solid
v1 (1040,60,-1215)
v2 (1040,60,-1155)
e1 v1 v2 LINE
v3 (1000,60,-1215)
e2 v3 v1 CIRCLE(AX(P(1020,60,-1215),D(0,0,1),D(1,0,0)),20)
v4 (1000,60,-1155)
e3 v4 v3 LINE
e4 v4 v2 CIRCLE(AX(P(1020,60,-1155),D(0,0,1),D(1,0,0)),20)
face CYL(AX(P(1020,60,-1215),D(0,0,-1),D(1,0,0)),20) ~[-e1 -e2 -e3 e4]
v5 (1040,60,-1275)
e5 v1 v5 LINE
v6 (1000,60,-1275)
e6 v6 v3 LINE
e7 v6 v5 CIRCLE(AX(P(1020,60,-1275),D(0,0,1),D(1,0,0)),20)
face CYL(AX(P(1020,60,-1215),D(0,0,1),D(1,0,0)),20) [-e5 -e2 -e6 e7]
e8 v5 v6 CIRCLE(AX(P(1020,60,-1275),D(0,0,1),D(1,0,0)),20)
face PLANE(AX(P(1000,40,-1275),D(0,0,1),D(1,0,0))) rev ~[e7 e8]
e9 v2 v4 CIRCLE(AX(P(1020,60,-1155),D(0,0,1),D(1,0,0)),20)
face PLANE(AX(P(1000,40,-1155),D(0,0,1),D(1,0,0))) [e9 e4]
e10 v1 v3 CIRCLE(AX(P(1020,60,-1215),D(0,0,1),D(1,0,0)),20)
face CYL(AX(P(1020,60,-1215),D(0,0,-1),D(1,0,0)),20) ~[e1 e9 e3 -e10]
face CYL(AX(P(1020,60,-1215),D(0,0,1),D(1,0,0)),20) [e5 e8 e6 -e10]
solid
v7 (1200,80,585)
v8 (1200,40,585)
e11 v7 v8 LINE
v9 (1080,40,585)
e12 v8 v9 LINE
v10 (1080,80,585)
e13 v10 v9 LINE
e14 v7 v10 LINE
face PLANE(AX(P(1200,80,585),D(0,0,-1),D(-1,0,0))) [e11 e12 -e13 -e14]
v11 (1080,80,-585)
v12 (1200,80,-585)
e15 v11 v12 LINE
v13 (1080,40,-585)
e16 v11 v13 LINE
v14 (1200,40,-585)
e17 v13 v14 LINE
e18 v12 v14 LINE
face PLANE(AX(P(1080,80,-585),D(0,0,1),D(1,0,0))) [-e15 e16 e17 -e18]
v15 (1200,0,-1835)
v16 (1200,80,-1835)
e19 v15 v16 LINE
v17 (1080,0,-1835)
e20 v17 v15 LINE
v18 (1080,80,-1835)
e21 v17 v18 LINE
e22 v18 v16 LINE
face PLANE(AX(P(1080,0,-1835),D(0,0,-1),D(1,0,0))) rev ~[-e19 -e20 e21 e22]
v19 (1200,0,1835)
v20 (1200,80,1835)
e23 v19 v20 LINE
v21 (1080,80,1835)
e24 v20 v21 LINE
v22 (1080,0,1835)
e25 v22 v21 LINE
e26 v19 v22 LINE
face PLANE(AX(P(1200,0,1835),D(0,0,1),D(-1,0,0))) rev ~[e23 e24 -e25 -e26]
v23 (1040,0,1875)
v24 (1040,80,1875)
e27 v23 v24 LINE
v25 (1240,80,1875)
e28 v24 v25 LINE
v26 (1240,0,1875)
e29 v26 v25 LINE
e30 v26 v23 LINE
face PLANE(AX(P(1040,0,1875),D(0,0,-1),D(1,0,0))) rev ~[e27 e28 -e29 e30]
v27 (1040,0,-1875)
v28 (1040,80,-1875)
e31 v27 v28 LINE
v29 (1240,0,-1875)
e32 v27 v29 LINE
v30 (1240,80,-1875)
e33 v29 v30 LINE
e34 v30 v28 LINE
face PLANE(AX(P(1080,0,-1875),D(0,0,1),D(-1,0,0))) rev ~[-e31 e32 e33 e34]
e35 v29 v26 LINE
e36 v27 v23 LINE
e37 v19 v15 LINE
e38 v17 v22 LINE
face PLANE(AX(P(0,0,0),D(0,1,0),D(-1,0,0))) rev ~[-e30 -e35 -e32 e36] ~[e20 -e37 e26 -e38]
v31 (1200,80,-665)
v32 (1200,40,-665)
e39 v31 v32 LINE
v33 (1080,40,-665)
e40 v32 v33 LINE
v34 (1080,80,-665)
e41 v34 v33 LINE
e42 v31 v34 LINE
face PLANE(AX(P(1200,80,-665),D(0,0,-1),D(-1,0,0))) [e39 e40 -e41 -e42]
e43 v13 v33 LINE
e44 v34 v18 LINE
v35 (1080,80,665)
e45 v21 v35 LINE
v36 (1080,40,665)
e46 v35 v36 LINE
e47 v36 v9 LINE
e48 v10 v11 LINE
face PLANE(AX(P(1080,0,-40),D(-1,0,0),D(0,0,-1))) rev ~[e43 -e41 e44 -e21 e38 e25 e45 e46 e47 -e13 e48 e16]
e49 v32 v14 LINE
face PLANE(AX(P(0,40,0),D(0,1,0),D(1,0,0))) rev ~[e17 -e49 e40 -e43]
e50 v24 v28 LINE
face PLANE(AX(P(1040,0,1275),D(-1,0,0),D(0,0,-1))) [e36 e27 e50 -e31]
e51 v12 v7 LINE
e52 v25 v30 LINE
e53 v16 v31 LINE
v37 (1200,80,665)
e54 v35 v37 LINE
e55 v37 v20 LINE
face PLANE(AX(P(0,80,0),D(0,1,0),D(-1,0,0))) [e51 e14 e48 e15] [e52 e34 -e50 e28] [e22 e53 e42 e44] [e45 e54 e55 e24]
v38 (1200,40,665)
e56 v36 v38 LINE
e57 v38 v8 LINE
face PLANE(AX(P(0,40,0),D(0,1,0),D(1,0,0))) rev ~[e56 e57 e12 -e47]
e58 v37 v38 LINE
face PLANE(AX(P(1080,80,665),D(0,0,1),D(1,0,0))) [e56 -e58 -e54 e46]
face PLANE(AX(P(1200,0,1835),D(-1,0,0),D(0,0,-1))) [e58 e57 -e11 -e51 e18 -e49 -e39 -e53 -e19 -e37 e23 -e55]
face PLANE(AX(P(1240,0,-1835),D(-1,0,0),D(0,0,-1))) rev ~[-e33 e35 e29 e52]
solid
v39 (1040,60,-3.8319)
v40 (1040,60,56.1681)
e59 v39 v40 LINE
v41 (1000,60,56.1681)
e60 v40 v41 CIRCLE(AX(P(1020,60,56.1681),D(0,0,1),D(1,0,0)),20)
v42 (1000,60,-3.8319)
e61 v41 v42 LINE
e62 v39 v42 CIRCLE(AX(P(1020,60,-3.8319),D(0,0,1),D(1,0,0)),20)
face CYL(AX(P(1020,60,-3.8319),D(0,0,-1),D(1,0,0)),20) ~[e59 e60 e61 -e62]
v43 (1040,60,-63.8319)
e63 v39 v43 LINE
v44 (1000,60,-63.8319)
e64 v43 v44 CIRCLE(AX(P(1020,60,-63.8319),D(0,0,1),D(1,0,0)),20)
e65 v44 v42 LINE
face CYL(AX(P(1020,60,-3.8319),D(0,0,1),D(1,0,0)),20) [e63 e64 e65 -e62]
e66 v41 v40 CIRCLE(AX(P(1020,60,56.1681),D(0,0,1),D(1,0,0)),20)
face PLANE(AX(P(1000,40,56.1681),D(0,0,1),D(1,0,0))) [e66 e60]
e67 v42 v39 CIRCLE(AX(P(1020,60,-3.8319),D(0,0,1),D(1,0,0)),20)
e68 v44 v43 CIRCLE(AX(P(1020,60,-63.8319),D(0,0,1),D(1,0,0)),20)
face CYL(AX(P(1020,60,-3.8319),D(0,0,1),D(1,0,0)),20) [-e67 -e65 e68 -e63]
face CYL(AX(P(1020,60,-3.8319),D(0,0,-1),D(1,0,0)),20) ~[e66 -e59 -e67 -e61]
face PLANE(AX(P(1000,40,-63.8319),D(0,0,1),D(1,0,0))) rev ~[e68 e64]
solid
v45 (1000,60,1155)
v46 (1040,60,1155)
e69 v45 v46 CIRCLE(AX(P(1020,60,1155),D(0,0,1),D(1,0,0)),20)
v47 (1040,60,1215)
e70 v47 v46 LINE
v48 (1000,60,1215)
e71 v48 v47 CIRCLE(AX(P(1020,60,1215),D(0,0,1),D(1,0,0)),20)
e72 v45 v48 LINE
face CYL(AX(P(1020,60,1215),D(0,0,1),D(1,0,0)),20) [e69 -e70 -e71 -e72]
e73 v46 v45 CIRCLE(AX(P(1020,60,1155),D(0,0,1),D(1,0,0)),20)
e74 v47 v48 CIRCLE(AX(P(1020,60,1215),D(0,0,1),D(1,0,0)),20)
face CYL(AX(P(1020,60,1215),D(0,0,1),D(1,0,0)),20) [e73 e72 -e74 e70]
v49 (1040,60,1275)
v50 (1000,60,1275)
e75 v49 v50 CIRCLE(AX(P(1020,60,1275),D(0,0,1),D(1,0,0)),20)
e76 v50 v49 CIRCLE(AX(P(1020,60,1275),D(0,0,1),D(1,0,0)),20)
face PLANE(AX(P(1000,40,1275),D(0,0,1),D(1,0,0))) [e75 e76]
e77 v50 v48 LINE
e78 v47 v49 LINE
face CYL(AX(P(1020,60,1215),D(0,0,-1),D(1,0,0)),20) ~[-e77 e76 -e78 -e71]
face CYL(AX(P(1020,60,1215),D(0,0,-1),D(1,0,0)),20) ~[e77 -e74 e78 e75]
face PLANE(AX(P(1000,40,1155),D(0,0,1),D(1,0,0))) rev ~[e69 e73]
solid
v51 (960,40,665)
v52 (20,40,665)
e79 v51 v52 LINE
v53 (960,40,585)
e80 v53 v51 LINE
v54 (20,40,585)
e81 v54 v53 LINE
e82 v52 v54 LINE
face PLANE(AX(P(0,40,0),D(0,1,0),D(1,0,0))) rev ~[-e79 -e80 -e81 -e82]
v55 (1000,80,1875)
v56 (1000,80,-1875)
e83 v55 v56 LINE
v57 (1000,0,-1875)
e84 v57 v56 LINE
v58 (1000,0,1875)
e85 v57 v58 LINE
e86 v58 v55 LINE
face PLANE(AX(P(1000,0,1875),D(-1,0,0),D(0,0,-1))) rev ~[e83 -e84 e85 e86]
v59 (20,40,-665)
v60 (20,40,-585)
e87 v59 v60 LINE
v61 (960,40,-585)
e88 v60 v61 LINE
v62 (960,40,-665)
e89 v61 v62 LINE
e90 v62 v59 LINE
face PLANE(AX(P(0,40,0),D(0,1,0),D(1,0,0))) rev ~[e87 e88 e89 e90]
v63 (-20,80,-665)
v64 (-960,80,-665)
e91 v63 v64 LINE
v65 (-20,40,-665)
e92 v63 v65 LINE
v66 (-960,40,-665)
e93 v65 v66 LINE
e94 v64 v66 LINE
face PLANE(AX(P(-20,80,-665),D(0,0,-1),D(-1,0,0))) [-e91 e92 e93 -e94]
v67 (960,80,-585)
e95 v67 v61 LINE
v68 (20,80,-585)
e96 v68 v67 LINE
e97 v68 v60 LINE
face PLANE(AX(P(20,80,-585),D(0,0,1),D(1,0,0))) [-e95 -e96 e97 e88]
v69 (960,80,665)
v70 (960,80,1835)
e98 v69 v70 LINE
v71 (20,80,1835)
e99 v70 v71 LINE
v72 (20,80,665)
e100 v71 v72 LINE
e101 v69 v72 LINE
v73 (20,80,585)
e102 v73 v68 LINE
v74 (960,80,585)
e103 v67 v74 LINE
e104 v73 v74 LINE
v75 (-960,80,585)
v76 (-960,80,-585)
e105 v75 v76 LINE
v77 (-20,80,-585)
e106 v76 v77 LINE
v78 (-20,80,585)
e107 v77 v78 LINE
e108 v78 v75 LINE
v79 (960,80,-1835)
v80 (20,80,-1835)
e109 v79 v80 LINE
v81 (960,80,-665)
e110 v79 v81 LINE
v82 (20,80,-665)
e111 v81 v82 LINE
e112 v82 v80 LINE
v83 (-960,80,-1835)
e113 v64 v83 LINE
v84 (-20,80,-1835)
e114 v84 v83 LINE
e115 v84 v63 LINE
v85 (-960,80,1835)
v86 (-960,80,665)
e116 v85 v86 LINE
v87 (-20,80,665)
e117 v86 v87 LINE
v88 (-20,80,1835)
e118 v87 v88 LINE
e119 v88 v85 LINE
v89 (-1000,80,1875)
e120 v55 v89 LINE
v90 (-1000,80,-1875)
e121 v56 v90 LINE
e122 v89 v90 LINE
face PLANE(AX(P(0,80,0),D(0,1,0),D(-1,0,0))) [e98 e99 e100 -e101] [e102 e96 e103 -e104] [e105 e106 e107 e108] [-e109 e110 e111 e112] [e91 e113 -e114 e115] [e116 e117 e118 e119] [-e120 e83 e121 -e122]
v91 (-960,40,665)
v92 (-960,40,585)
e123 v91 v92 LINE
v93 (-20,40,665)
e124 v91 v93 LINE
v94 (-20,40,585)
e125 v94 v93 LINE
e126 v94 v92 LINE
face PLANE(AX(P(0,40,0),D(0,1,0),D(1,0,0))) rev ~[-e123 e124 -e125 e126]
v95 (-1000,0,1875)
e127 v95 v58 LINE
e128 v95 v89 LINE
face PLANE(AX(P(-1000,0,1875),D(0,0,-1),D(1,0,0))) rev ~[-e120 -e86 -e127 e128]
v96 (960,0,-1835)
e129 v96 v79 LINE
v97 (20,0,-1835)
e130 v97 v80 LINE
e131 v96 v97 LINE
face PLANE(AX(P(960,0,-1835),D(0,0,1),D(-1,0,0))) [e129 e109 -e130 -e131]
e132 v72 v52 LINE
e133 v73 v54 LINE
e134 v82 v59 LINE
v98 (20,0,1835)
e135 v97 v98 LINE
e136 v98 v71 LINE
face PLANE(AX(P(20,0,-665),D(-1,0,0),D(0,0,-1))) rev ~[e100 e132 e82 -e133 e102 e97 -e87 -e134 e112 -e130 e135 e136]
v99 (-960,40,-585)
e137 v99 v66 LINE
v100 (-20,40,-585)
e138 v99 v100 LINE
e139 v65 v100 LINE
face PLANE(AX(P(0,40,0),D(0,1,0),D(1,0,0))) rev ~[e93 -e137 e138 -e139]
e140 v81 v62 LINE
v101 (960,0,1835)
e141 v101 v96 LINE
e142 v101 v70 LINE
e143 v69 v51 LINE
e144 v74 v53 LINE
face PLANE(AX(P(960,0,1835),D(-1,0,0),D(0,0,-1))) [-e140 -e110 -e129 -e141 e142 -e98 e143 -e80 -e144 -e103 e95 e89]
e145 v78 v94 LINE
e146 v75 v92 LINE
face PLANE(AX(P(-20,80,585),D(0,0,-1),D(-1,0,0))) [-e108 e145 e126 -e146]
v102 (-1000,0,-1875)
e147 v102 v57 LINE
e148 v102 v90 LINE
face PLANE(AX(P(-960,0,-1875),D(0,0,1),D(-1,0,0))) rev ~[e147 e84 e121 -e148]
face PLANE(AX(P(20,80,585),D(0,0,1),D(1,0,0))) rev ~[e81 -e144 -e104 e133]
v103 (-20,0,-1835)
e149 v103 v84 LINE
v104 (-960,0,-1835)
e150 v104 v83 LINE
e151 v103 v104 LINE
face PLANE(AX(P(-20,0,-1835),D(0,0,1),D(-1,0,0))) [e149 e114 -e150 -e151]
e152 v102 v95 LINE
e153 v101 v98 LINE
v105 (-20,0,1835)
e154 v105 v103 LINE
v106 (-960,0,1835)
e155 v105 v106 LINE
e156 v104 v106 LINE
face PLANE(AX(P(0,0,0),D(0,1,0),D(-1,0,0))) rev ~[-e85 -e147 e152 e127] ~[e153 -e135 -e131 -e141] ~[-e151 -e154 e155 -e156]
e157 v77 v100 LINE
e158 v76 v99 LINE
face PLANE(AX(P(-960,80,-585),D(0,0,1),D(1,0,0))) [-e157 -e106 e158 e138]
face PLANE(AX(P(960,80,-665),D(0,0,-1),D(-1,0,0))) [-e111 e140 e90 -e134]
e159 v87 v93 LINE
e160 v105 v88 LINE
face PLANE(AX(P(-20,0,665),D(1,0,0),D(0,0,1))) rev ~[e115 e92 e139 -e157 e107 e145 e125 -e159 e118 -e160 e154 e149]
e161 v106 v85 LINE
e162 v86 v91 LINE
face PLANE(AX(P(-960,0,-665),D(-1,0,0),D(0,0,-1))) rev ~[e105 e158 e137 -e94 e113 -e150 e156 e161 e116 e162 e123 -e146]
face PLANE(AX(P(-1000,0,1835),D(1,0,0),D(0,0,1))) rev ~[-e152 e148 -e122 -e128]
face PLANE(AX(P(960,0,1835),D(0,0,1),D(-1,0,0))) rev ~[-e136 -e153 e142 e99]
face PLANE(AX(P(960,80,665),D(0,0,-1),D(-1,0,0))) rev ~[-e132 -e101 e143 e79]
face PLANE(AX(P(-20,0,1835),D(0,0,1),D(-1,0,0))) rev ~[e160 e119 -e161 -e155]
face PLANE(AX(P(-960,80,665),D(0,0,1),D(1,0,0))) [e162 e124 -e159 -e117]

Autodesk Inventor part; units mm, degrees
sketch "Sketch1" plane through (0, 0, 0) normal (0, 1, 0) x (-1, 0, 0)
  line L0 (1000, 1875) -> (-1000, 1875)
  line L1 (-1000, 1875) -> (-1000, -1875)
  line L2 (-1000, -1875) -> (1000, -1875)
  line L3 (1000, -1875) -> (1000, 1875)
  line L4 (1000, 1875) -> (-1000, -1875) construction
  line L5 (-1000, 1875) -> (1000, -1875) construction
  line L6 (1000, 1875) -> (-1000, 1875)
  line L7 (-1000, 1875) -> (-1000, 1835)
  line L8 (-1000, 1835) -> (1000, 1835)
  line L9 (1000, 1835) -> (1000, 1875)
  line L10 (1000, -1875) -> (-1000, -1875)
  line L11 (-1000, -1875) -> (-1000, -1835)
  line L12 (-1000, -1835) -> (1000, -1835)
  line L13 (1000, -1835) -> (1000, -1875)
  line L14 (-1000, 40) -> (-1000, -40)
  line L15 (1000, -40) -> (1000, 40)
  line L16 (-960, 38.4) -> (1000, -40) construction
  line L17 (1000, 1875) -> (960, 1875)
  line L18 (960, 1835) -> (960, -1835)
  line L19 (960, -1875) -> (1000, -1875)
  line L20 (1000, -1875) -> (1000, 1875)
  line L21 (-1000, 1875) -> (-960, 1875)
  line L22 (-960, 1835) -> (-960, -1835)
  line L23 (-960, -1875) -> (-1000, -1875)
  line L24 (-1000, -1875) -> (-1000, 1875)
  line L25 (20, 1875) -> (-20, 1875)
  line L26 (-20, 1835) -> (-20, -1835)
  line L27 (-20, -1875) -> (20, -1875)
  line L28 (20, -1835) -> (20, 1835)
  line L29 (20, 1875) -> (-20, -1875) construction
  line L30 (-20, 1875) -> (20, -1875) construction
  line L31 (-1000, 1875) -> (-1000, 1275) construction
  line L32 (-1000, -1875) -> (-1000, -1275) construction
  line L33 (-1000, 1275) -> (-1040, 1275)
  line L34 (-1040, 1275) -> (-1040, 1155)
  line L35 (-1040, 1155) -> (-1000, 1155)
  line L36 (-1000, 1155) -> (-1000, 1275)
  line L37 (-1000, -1275) -> (-1040, -1275)
  line L38 (-1040, -1275) -> (-1040, -1155)
  line L39 (-1040, -1155) -> (-1000, -1155)
  line L40 (-1000, -1155) -> (-1000, -1275)
  line L41 (-1000, 60) -> (-1040, 60)
  line L42 (-1040, 60) -> (-1040, -60)
  line L43 (-1040, -60) -> (-1000, -60)
  line L44 (-1000, -60) -> (-1000, 60)
  line L45 (-1040, 1875) -> (-1240, 1875)
  line L46 (-1240, 1875) -> (-1240, -1875)
  line L47 (-1240, -1875) -> (-1040, -1875)
  line L48 (-1040, -1875) -> (-1040, 1875)
  line L49 (-1040, 1875) -> (-1240, 1875)
  line L50 (-1240, 1875) -> (-1240, 1835)
  line L51 (-1240, 1835) -> (-1040, 1835)
  line L52 (-1040, 1835) -> (-1040, 1875)
  line L53 (-1240, 1875) -> (-1200, 1875)
  line L54 (-1200, 1835) -> (-1200, -1835)
  line L55 (-1200, -1875) -> (-1240, -1875)
  line L56 (-1240, -1875) -> (-1240, 1875)
  line L57 (-1040, -1835) -> (-1240, -1835)
  line L58 (-1240, -1835) -> (-1240, -1875)
  line L59 (-1240, -1875) -> (-1040, -1875)
  line L60 (-1040, -1875) -> (-1040, -1835)
  line L61 (-1040, 1875) -> (-1080, 1875)
  line L62 (-1080, 1835) -> (-1080, -1835)
  line L63 (-1080, -1875) -> (-1040, -1875)
  line L64 (-1040, -1875) -> (-1040, 1875)
  line L65 (-1080, 40) -> (-1200, 40)
  line L66 (-1240, 40) -> (-1240, -40)
  line L67 (-1200, -40) -> (-1080, -40)
  line L68 (-1080, -40) -> (-1080, 40)
  line L69 (-998.5851, 1275.1499) -> (-998.5851, 1144.5155) construction
  line L70 (-998.5851, 1144.5155) -> (-1036.0656, 1144.5155) construction
  line L71 (-1036.0656, 1144.5155) -> (-1036.0656, 1275.1499) construction
  line L72 (-1036.0656, 1275.1499) -> (-998.5851, 1275.1499) construction
  line L73 (-1007.8995, 60.5323) -> (-1007.8995, -70.1021) construction
  line L74 (-1007.8995, -70.1021) -> (-1038.0125, -70.1021) construction
  line L75 (-1038.0125, -70.1021) -> (-1038.0125, 60.5323) construction
  line L76 (-1038.0125, 60.5323) -> (-1007.8995, 60.5323) construction
  line L77 (-1037.0125, -1157.0323) -> (-1006.8995, -1157.0323) construction
  line L78 (-1006.8995, -1157.0323) -> (-1006.8995, -1287.6667) construction
  line L79 (-1006.8995, -1287.6667) -> (-1037.0125, -1287.6667) construction
  line L80 (-1037.0125, -1287.6667) -> (-1037.0125, -1157.0323) construction
  line L81 (1000, 1875) -> (1000, 625) construction
  line L82 (1000, -1875) -> (1000, -625) construction
  line L83 (1000, -625) -> (-1000, -625) construction
  line L84 (960, 625) -> (-1000, 625) construction
  line L85 (-960, 665) -> (-960, 585)
  line L86 (960, 585) -> (960, 665)
  line L87 (960, 665) -> (-960, 585) construction
  line L88 (-960, 665) -> (960, 585) construction
  line L89 (-960, -585) -> (-960, -665)
  line L90 (960, -665) -> (960, -585)
  line L91 (960, -585) -> (-960, -665) construction
  line L92 (-960, -585) -> (960, -665) construction
  line L93 (960, 665) -> (20, 665)
  line L94 (-20, 665) -> (-960, 665)
  line L95 (-960, 585) -> (-20, 585)
  line L96 (20, 585) -> (960, 585)
  line L97 (960, -585) -> (20, -585)
  line L98 (-20, -585) -> (-960, -585)
  line L99 (-960, -665) -> (-20, -665)
  line L100 (20, -665) -> (960, -665)
  point P0 (0, 0)
  point P1 (-1000, 0)
  point P2 (-1040, -60)
  point P3 (0, 625)
  point P4 (0, -625)
  dimension "d0" = 2000
  dimension "d1" = 3750
  dimension "d2" = 40
  dimension "d3" = 40
  dimension "d4" = 80
  dimension "d5" = 40
  dimension "d6" = 40
  dimension "d7" = 40
  dimension "d8" = 600
  dimension "d9" = 600
  dimension "d10" = 40
  dimension "d11" = 120
  dimension "d12" = 40
  dimension "d13" = 120
  dimension "d14" = 40
  dimension "d15" = 120
  dimension "d16" = 200
  dimension "d17" = 40
  dimension "d18" = 40
  dimension "d30" = 1250
  dimension "d31" = 1250
  dimension "d32" = 80
  dimension "d33" = 80
extrude "Extrusion1" add sketch "Sketch1" along normal blind 80 contours L3 L8 L1 L0 | L3 L12 L18 L8 | L28 L12 L26 L8 | L3 L2 L1 L12 | L22 L12 L1 L8 | L34 L48 L42 L38 L57 L62 L51 | L51 L46 L45 L48 | L54 L57 L46 L51 | L48 L47 L46 L57
sketch "Sketch2" plane through (0, 80, 0) normal (0, 1, 0) x (1, 0, 0)
  line L0 (960, 40) -> (-1000, 40) construction
  line L1 (-1000, -40) -> (960, -40) construction
  line L2 (1200, 40) -> (1080, 40) construction
  line L3 (1080, -40) -> (1200, -40) construction
  line L4 (1000, -1275) -> (1040, -1275) construction
  line L5 (1040, -1155) -> (1000, -1155) construction
  line L6 (1000, -60) -> (1040, -60) construction
  line L7 (1040, 60) -> (1000, 60) construction
  line L8 (1040, 1155) -> (1000, 1155) construction
  line L9 (1000, 1275) -> (1040, 1275) construction
  line L10 (-960, -1835) -> (-960, 1835) projected
  line L11 (-20, 1835) -> (-20, -1835) projected
  line L12 (-960, -40) -> (-20, -40)
  line L13 (-20, -40) -> (-20, 40)
  line L14 (-20, 40) -> (-960, 40)
  line L15 (-960, 40) -> (-960, -40)
  line L16 (20, -1835) -> (20, 1835) projected
  line L17 (20, -40) -> (960, -40)
  line L18 (960, -40) -> (960, 40)
  line L19 (960, 40) -> (20, 40)
  line L20 (20, 40) -> (20, -40)
  line L21 (1080, -40) -> (1200, -40)
  line L22 (1200, -40) -> (1200, 40)
  line L23 (1200, 40) -> (1080, 40)
  line L24 (1080, 40) -> (1080, -40)
  line L25 (-20, -585) -> (-960, -585) projected
  line L26 (-960, -665) -> (-20, -665) projected
  line L27 (20, -665) -> (960, -665) projected
  line L28 (960, -585) -> (20, -585) projected
  line L29 (20, -1835) -> (20, 1835) projected
  line L30 (960, 1835) -> (960, -1835) construction
  line L31 (-960, 585) -> (-20, 585) projected
  line L32 (-20, 665) -> (-960, 665) projected
  line L33 (20, 585) -> (960, 585) projected
  line L34 (960, 665) -> (20, 665) projected
  line L35 (960, 585) -> (-960, 665) construction
  line L36 (1080, -1835) -> (1080, 1835) projected
  line L37 (1080, -665) -> (1200, -665)
  line L38 (1200, -665) -> (1200, -585)
  line L39 (1200, -585) -> (1080, -585)
  line L40 (1080, -585) -> (1080, -665)
  line L41 (1200, 1835) -> (1200, -1835) projected
  line L42 (1080, 585) -> (1200, 585)
  line L43 (1200, 585) -> (1200, 665)
  line L44 (1200, 665) -> (1080, 665)
  line L45 (1080, 665) -> (1080, 585)
  point P0 (0, 0)
sketch "Sketch3" plane through (1000, 0, 1875) normal (1, 0, 0) x (0, 0, -1)
  line L0 (0, 0) -> (3750, 0) construction
  line L1 (3750, 0) -> (3750, 80) construction
  line L2 (0, 80) -> (3750, 80) construction
  line L3 (0, 0) -> (0, 80) construction
  line L4 (0, 0) -> (0, 80) construction
  line L5 (0, 40) -> (3750, 40) construction
  line L6 (0, 80) -> (3750, 80) construction
  line L7 (600, 0) -> (720, 0) construction
  line L8 (720, 0) -> (720, 80) construction
  line L9 (720, 80) -> (600, 80) construction
  line L10 (600, 80) -> (600, 0) construction
  line L11 (1815, 0) -> (1935, 0) construction
  line L12 (1935, 0) -> (1935, 80) construction
  line L13 (1935, 80) -> (1815, 80) construction
  line L14 (1815, 80) -> (1815, 0) construction
  line L15 (3030, 0) -> (3150, 0) construction
  line L16 (3150, 0) -> (3150, 80) construction
  line L17 (3150, 80) -> (3030, 80) construction
  line L18 (3030, 80) -> (3030, 0) construction
  point P0 (1875, 0)
  point P1 (660, 40)
  point P2 (1878.8319, 40)
  point P3 (3090, 40)
ref_plane "Work Plane1" through (1000, 40, 1215) normal (0, 0, 1) x (1, 0, 0)
ref_plane "Work Plane2" through (1000, 40, -3.8319) normal (0, 0, 1) x (1, 0, 0)
ref_plane "Work Plane3" through (1000, 40, -1215) normal (0, 0, 1) x (1, 0, 0)
sketch "Sketch4" plane through (1000, 40, 1215) normal (0, 0, 1) x (1, 0, 0)
  circle A0 centre (20, 20) radius 20
  line L0 (40, -40) -> (40, 40) projected
  line L1 (-2000, 40) -> (0, 40) construction
  line L2 (0, 40) -> (40, 40) construction
  point P0 (-1000, -40)
  dimension "d23" = 40
sketch "Sketch5" plane through (1000, 40, -3.8319) normal (0, 0, 1) x (1, 0, 0)
  point P0 (-1000, -40)
sketch "Sketch6" plane through (1000, 40, -3.8319) normal (0, 0, 1) x (1, 0, 0)
  circle A0 centre (20, 20) radius 20 projected
  point P0 (-1000, -40)
sketch "Sketch7" plane through (1000, 40, -1215) normal (0, 0, 1) x (1, 0, 0)
  circle A0 centre (20, 20) radius 20 projected
  point P0 (-1000, -40)
extrude "Extrusion3" add sketch "Sketch4" along normal mid plane 120
extrude "Extrusion4" add sketch "Sketch6" along normal mid plane 120
extrude "Extrusion5" add sketch "Sketch7" along normal mid plane 120
extrude "Extrusion6" add sketch "Sketch2" against normal blind 40 contours L10 L25 L11 L26 | L10 L32 L11 L31 | L39 L38 L37 L36 | L36 L44 L41 L42
sketch "Sketch8" plane through (0, 80, 0) normal (0, 1, 0) x (1, 0, 0)
  line L0 (960, -585) -> (20, -585) construction
  line L1 (20, -1835) -> (20, 1835) construction
  line L2 (20, -665) -> (960, -665) construction
  line L3 (20, 585) -> (960, 585) construction
  line L4 (960, 665) -> (20, 665) construction
  line L5 (960, 1835) -> (960, -1835) construction
  line L6 (960, -665) -> (20, -665)
  line L7 (20, -665) -> (20, -585)
  line L8 (20, -585) -> (960, -585)
  line L9 (960, -585) -> (960, -665)
  line L10 (20, 585) -> (960, 585)
  line L11 (960, 585) -> (960, 665)
  line L12 (960, 665) -> (20, 665)
  line L13 (20, 665) -> (20, 585)
  point P0 (0, 0)
extrude "Extrusion7" add sketch "Sketch8" against normal blind 40
properties part number "diagrama_cerrajero"
